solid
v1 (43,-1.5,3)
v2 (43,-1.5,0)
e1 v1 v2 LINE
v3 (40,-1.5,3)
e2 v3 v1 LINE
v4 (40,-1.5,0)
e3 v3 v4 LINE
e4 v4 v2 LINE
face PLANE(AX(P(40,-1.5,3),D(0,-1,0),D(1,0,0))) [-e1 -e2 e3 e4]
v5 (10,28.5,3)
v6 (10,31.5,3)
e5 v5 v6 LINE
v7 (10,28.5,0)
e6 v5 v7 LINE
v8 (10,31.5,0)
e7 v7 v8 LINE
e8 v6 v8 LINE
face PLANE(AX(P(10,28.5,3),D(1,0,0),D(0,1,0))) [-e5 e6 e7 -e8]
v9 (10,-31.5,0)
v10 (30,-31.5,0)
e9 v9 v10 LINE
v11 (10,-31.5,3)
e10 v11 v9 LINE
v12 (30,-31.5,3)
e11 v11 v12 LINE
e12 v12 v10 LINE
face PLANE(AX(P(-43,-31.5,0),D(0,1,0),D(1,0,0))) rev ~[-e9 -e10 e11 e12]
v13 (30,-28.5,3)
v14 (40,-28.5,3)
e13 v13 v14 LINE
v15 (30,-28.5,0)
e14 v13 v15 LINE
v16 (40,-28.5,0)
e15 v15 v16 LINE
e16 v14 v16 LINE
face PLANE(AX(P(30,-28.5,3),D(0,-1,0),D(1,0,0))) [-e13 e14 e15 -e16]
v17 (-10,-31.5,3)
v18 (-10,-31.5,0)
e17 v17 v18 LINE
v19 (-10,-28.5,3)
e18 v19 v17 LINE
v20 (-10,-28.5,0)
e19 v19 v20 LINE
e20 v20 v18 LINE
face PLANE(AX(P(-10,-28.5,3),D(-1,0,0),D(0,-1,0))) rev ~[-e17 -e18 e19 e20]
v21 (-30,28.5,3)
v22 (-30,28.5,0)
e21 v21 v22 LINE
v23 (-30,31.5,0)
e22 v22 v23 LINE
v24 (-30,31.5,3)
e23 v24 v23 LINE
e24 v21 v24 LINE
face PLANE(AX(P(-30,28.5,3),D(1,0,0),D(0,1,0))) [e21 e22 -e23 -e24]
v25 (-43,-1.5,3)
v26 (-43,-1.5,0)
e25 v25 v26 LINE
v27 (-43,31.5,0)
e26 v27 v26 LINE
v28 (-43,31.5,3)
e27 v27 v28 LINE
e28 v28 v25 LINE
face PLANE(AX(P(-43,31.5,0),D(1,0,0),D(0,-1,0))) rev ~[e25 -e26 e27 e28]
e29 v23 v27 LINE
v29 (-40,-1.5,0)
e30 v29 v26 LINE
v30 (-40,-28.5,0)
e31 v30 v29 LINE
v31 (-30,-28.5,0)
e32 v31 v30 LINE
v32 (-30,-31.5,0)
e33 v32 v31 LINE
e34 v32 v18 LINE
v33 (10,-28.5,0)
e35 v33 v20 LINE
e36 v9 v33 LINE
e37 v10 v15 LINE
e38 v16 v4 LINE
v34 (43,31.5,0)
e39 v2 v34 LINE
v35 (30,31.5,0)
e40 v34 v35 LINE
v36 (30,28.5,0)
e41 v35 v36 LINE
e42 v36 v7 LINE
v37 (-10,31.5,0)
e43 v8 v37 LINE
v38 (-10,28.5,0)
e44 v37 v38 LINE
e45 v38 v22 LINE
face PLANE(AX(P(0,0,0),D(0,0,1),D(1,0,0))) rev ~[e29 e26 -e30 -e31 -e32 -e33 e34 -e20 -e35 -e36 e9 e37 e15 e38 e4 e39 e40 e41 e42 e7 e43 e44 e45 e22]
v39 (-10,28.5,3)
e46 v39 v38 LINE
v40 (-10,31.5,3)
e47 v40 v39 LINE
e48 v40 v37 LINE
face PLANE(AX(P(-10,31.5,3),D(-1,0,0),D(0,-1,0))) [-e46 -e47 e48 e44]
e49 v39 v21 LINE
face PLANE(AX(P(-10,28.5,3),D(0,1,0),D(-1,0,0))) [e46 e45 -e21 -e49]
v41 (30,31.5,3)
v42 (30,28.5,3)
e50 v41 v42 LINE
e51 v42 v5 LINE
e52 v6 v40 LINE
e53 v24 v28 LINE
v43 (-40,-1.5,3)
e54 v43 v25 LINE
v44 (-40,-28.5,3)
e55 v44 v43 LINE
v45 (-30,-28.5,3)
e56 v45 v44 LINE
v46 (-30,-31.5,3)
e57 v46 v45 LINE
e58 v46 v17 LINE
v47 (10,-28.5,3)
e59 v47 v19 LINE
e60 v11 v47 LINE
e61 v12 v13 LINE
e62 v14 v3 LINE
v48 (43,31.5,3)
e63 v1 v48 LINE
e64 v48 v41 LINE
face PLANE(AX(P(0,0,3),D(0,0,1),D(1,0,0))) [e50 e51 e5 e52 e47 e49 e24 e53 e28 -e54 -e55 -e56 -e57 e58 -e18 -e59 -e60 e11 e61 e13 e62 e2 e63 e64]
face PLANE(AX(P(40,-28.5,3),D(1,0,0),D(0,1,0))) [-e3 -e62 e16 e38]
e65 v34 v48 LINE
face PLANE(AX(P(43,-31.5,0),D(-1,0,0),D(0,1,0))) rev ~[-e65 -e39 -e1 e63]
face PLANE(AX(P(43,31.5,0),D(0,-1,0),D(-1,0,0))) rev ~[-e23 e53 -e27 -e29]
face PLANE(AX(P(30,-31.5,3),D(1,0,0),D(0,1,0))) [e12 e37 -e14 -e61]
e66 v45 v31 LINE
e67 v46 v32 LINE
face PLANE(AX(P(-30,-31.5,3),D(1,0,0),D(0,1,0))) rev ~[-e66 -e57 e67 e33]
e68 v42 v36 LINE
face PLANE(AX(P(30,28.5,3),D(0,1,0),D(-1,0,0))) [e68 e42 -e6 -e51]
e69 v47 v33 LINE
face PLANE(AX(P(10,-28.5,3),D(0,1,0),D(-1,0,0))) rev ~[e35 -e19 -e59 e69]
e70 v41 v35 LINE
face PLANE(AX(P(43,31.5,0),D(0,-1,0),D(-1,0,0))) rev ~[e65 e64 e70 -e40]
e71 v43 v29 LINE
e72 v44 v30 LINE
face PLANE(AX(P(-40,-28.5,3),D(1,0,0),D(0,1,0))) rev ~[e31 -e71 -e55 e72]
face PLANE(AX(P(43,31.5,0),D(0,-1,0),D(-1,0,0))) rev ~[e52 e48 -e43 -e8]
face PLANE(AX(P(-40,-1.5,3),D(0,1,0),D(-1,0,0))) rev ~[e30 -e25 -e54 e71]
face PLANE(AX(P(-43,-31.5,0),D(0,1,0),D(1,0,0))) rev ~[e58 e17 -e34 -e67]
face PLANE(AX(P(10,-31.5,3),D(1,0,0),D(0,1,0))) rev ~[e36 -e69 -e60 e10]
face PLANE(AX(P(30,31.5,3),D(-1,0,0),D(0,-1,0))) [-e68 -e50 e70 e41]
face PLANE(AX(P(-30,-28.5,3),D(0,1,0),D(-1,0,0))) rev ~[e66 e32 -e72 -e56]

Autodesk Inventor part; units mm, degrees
ref_plane "YZ Plane" through (0, 0, 0) normal (1, 0, 0) x (0, 1, 0)
ref_plane "XZ Plane" through (0, 0, 0) normal (0, 1, 0) x (-1, 0, 0)
ref_plane "XY Plane" through (0, 0, 0) normal (0, 0, 1) x (1, 0, 0)
sketch "Sketch1" plane through (0, 0, 0) normal (0, 0, 1) x (1, 0, 0)
  point P0 (0, 0)
sketch "Sketch2" plane through (0, 0, 0) normal (0, 0, 1) x (1, 0, 0)
  line L0 (-43, -31.5) -> (43, -31.5)
  line L1 (43, -31.5) -> (43, 31.5)
  line L2 (43, 31.5) -> (-43, 31.5)
  line L3 (-43, 31.5) -> (-43, -31.5)
  line L4 (-43, -31.5) -> (43, 31.5) construction
  line L5 (43, -31.5) -> (-43, 31.5) construction
  point P0 (0, 0)
  dimension "d0" = 86
  dimension "d1" = 63
extrude "Extrusion1" add sketch "Sketch2" along normal blind 3
sketch "Sketch3" plane through (0, 0, 3) normal (0, 0, 1) x (1, 0, 0)
  line L0 (-43, -31.5) -> (43, -31.5) projected
  line L1 (-43, -31.5) -> (-40, -31.5)
  line L2 (-40, -31.5) -> (-40, -1.5)
  line L3 (-40, -1.5) -> (-43, -1.5)
  line L4 (-43, -1.5) -> (-43, -31.5)
  line L5 (43, -31.5) -> (40, -31.5)
  line L6 (40, -31.5) -> (40, -1.5)
  line L7 (40, -1.5) -> (43, -1.5)
  line L8 (43, -1.5) -> (43, -31.5)
  line L9 (-40, -31.5) -> (-30, -31.5)
  line L10 (-30, -31.5) -> (-30, -28.5)
  line L11 (-30, -28.5) -> (-40, -28.5)
  line L12 (-40, -28.5) -> (-40, -31.5)
  line L13 (40, -31.5) -> (30, -31.5)
  line L14 (30, -31.5) -> (30, -28.5)
  line L15 (30, -28.5) -> (40, -28.5)
  line L16 (40, -28.5) -> (40, -31.5)
  line L17 (-10, -31.5) -> (10, -31.5)
  line L18 (10, -31.5) -> (10, -28.5)
  line L19 (10, -28.5) -> (-10, -28.5)
  line L20 (-10, -28.5) -> (-10, -31.5)
  line L21 (43, 31.5) -> (-43, 31.5) projected
  line L22 (-30, 31.5) -> (-10, 31.5)
  line L23 (-10, 31.5) -> (-10, 28.5)
  line L24 (-10, 28.5) -> (-30, 28.5)
  line L25 (-30, 28.5) -> (-30, 31.5)
  line L26 (10, 31.5) -> (30, 31.5)
  line L27 (30, 31.5) -> (30, 28.5)
  line L28 (30, 28.5) -> (10, 28.5)
  line L29 (10, 28.5) -> (10, 31.5)
  point P0 (0, 0)
  dimension "d4" = 3
  dimension "d5" = 3
  dimension "d6" = 10
  dimension "d7" = 3
  dimension "d8" = 10
  dimension "d9" = 3
  dimension "d10" = 20
  dimension "d11" = 3
  dimension "d12" = 20
  dimension "d13" = 3
  dimension "d16" = 30
extrude "Extrusion2" cut sketch "Sketch3" against normal through all
properties part number "cham_back"
